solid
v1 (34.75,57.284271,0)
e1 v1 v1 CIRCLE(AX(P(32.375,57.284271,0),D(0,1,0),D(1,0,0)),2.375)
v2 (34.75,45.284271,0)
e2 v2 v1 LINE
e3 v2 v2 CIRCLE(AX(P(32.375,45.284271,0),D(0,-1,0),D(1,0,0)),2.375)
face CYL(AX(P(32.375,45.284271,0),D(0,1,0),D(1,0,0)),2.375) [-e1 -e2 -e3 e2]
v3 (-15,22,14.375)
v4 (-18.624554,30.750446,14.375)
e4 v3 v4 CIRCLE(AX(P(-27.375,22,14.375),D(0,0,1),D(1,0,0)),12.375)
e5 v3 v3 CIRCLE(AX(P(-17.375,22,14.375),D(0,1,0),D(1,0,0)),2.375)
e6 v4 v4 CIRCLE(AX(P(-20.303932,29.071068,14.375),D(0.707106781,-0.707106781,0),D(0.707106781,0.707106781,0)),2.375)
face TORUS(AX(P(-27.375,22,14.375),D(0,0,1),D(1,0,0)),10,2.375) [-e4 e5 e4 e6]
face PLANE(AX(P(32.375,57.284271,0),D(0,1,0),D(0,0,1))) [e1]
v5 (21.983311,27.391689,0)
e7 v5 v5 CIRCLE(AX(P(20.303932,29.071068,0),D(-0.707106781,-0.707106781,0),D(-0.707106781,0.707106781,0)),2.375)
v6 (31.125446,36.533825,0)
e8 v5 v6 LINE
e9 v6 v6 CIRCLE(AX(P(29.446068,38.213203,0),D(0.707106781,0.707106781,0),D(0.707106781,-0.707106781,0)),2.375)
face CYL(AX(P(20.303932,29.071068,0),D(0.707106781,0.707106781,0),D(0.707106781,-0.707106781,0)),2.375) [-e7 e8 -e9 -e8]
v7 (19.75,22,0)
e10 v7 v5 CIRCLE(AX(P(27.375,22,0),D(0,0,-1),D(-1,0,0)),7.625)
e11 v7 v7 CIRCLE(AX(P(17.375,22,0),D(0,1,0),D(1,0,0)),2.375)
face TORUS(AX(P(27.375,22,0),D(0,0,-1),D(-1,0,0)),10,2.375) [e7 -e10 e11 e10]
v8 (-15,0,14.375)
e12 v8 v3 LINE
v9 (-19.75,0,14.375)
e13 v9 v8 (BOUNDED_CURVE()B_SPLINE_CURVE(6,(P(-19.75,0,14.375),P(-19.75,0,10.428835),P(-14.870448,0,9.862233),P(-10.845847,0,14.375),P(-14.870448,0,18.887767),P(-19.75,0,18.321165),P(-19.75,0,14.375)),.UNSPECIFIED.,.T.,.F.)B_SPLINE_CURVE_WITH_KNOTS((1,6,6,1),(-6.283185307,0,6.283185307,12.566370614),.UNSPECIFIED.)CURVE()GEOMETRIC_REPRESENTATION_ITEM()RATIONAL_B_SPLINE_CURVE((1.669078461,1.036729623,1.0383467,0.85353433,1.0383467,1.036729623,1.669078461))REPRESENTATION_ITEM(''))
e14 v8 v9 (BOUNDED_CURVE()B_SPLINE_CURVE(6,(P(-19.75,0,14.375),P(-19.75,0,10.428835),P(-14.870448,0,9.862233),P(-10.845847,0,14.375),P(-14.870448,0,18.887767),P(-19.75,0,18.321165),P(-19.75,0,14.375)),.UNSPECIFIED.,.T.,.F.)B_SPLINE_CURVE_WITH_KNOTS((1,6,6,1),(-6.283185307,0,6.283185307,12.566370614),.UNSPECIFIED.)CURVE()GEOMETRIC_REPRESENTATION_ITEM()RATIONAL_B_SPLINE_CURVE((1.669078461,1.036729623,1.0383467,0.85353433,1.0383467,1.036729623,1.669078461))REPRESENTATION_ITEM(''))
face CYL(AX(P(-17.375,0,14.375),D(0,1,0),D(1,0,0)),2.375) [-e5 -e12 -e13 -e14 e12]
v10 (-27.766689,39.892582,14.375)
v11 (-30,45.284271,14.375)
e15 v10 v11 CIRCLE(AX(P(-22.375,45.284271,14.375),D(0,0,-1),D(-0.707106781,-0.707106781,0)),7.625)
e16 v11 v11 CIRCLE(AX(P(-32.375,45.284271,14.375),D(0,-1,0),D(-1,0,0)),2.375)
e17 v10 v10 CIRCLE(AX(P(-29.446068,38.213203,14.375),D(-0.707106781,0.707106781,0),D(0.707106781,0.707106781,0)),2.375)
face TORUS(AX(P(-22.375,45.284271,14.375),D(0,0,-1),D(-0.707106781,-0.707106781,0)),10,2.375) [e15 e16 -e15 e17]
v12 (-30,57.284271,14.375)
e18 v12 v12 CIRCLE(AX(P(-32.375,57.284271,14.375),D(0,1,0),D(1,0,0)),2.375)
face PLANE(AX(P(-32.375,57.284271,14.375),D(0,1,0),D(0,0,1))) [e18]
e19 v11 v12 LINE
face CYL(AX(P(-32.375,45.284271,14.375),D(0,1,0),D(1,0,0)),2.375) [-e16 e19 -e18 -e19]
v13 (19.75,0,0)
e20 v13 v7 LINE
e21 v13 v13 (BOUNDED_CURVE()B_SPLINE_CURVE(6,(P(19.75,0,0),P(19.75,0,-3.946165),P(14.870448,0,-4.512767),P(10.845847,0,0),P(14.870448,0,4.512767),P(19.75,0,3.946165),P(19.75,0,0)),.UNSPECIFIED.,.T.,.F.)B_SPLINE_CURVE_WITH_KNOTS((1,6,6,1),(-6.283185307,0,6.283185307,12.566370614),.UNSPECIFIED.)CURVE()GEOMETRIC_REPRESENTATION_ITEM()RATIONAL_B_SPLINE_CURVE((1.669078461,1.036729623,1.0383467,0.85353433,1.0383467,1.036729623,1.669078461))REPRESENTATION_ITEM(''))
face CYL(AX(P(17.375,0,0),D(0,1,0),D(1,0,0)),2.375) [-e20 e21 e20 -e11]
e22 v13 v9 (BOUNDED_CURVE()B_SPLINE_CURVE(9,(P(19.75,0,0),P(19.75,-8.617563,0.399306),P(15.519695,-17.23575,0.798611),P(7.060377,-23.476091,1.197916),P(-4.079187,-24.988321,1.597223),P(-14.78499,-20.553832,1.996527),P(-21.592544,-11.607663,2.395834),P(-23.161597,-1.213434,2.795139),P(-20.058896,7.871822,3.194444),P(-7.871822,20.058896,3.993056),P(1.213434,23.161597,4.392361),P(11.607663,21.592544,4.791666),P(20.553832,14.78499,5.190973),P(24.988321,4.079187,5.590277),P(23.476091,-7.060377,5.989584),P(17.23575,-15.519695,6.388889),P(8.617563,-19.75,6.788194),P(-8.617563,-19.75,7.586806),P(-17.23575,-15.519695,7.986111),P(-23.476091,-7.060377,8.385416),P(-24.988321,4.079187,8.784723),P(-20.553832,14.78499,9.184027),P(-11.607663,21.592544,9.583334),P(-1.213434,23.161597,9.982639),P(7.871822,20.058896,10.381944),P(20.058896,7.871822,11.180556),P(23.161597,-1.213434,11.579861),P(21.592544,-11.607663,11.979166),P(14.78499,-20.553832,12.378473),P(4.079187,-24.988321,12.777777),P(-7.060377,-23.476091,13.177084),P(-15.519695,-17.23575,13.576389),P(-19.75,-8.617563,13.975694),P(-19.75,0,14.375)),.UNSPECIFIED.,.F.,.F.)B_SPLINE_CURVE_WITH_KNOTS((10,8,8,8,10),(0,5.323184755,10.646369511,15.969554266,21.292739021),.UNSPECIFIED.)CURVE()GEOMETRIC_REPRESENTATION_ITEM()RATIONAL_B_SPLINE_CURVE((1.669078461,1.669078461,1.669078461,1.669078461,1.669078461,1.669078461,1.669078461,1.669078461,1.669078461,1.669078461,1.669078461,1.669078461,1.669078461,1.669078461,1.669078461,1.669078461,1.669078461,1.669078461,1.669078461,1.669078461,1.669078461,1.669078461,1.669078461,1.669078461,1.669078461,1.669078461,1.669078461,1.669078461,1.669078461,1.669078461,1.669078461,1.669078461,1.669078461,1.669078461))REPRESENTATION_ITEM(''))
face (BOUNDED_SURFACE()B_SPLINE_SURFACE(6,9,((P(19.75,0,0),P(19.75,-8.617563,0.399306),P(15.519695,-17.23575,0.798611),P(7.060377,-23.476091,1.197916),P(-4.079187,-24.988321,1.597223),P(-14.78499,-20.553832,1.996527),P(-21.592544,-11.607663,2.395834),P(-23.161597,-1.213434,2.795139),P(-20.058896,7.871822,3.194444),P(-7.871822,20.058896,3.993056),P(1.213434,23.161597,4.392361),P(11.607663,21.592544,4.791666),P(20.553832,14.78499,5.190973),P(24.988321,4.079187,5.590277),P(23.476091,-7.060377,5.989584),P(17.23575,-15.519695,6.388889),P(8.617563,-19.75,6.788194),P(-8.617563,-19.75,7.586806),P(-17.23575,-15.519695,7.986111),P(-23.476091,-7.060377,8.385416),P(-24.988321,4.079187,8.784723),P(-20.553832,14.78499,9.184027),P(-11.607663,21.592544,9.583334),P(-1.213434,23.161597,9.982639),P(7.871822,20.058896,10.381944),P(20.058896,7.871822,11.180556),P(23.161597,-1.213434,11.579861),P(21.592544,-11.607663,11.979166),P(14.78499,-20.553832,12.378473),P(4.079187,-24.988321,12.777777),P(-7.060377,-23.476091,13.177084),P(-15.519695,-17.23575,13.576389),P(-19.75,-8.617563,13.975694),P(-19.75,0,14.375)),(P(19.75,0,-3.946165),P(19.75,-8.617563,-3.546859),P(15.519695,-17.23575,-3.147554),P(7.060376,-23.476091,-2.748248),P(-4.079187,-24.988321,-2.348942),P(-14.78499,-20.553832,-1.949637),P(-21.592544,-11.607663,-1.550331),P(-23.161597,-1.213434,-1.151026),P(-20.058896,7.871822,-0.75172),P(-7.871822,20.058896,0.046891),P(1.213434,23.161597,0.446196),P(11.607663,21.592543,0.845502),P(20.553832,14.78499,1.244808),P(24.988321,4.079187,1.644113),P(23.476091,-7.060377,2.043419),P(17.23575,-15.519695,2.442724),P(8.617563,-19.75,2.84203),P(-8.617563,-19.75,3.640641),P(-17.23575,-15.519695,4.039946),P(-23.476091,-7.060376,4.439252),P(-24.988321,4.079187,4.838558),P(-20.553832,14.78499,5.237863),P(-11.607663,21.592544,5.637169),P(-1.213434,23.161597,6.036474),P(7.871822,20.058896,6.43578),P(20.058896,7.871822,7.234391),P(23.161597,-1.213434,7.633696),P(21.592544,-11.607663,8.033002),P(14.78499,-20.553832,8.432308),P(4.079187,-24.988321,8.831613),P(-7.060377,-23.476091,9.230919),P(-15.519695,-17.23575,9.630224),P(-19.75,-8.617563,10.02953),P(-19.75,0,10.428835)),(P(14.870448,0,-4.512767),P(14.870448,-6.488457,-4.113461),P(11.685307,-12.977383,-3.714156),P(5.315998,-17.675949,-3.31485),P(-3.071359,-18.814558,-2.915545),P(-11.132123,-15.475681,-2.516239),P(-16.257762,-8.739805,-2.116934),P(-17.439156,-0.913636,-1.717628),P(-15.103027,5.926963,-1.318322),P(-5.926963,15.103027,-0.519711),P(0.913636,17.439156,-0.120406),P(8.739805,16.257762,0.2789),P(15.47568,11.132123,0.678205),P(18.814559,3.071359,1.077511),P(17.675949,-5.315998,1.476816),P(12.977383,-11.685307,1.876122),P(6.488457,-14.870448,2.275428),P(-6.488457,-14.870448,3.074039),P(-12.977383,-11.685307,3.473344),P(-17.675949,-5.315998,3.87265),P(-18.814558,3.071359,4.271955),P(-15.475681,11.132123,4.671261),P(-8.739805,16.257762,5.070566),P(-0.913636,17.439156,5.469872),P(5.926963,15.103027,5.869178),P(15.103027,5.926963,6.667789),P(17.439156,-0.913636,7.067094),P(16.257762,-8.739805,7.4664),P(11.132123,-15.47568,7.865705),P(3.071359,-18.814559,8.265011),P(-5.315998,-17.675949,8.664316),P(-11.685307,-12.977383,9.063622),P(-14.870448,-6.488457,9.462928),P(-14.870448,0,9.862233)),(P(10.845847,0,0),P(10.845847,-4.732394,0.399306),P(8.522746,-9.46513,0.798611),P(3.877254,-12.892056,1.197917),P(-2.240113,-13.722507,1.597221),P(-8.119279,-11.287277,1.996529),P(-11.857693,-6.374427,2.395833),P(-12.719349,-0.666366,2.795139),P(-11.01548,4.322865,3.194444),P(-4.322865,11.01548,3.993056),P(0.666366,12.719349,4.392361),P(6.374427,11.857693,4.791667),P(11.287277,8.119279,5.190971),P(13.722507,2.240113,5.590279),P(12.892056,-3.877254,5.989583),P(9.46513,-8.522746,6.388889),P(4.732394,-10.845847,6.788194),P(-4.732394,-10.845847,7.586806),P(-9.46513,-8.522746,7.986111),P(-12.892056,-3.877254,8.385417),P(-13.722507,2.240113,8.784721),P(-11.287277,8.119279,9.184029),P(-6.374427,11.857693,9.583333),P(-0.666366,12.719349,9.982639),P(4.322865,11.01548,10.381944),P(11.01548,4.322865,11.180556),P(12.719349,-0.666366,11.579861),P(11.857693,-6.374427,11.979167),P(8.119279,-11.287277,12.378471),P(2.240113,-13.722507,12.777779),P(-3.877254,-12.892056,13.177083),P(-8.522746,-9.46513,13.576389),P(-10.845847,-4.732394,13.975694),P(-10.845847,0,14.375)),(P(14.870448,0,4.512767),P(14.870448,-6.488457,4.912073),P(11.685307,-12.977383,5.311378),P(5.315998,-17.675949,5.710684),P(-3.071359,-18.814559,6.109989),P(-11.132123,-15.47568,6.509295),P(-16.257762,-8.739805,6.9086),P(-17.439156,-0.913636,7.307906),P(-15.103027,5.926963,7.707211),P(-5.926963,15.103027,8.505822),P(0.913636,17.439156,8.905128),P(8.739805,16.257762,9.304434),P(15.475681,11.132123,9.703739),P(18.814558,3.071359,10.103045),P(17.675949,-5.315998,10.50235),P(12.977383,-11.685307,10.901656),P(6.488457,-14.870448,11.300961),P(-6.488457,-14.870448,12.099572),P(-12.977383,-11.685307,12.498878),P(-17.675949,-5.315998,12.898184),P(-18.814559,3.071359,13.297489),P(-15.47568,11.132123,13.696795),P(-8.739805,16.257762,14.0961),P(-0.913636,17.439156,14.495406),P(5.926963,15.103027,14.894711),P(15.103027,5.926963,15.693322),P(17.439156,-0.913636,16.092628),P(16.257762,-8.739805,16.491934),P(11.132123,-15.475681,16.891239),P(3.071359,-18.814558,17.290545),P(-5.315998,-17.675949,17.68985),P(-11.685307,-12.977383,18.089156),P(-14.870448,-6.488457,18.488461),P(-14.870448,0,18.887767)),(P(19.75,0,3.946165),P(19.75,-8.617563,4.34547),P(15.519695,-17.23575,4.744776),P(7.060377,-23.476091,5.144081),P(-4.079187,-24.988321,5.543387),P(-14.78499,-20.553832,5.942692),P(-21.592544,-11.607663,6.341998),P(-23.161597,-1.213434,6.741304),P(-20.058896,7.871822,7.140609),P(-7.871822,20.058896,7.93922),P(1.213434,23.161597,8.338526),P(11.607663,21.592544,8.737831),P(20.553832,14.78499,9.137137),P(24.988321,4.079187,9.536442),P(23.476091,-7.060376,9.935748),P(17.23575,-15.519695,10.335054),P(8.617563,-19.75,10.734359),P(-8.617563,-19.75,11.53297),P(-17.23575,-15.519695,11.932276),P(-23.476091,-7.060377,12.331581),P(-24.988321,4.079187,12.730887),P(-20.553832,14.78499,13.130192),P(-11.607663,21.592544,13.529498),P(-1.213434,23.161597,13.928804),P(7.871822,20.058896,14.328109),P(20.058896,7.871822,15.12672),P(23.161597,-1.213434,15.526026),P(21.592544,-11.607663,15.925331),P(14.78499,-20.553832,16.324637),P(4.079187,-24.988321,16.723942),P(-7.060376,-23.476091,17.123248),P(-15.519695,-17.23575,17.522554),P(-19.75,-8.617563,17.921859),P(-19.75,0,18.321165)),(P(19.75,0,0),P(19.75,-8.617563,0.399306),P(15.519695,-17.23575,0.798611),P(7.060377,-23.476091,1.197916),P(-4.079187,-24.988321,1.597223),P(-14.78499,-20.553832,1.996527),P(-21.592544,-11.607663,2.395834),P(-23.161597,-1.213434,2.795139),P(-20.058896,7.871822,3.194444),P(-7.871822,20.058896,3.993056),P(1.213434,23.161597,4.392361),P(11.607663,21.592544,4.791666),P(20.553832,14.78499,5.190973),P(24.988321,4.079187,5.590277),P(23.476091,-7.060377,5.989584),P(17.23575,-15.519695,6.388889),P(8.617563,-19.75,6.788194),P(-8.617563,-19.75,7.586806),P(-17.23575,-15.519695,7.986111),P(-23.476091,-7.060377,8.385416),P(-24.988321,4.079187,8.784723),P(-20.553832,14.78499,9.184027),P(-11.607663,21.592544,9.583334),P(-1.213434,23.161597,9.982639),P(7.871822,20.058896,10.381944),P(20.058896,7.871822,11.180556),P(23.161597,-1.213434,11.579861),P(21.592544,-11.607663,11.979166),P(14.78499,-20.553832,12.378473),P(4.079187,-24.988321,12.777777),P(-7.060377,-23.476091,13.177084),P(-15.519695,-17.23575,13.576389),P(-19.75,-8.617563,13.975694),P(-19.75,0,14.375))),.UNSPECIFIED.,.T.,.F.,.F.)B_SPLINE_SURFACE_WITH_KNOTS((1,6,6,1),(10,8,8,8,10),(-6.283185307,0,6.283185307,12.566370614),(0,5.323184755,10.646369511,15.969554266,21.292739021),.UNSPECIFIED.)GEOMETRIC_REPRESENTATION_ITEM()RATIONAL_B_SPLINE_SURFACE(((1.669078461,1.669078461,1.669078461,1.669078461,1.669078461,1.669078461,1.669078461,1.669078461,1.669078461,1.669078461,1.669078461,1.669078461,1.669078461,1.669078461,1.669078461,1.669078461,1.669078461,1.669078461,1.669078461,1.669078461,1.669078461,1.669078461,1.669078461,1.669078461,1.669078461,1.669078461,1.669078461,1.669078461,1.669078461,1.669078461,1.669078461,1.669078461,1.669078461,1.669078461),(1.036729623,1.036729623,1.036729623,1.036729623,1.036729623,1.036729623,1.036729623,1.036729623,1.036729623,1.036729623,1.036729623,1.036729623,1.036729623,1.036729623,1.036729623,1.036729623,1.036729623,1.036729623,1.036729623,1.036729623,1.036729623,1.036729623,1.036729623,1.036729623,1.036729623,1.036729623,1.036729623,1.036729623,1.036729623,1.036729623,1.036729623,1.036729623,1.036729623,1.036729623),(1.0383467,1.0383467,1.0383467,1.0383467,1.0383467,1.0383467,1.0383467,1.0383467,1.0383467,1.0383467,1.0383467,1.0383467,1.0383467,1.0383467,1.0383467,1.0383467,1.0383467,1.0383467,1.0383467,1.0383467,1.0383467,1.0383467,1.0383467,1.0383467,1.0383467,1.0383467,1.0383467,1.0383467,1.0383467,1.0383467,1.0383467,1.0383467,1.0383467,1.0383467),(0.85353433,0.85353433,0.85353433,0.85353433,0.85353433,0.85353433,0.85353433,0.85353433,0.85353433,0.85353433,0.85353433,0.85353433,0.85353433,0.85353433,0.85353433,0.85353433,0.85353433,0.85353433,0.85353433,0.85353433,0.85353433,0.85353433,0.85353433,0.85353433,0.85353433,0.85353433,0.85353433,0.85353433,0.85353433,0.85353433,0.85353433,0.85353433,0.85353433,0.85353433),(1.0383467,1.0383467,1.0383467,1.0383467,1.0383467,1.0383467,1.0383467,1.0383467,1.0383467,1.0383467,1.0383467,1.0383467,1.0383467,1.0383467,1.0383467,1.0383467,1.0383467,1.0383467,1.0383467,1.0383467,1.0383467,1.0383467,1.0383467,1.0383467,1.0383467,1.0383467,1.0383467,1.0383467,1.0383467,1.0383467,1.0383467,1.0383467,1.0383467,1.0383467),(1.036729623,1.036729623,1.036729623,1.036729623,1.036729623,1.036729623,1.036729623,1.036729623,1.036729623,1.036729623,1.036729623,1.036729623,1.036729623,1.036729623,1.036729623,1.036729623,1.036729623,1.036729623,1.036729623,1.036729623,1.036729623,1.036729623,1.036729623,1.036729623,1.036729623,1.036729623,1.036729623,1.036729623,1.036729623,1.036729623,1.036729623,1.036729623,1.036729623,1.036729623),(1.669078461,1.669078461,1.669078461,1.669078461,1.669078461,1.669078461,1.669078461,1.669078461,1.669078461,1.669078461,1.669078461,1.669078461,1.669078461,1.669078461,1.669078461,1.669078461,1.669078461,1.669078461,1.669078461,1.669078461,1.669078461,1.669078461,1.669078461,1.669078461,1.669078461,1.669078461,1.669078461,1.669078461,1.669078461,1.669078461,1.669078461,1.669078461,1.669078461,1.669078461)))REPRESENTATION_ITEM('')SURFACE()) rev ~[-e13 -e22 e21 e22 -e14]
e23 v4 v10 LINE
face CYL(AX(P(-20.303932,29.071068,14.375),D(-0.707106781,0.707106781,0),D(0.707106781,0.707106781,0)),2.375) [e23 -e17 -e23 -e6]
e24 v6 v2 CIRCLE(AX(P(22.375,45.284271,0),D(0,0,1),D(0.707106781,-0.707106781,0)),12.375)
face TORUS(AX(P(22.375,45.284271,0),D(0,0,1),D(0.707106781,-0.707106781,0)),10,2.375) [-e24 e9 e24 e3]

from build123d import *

# Parameters (mm, degrees)
VARREDURA1_PITCH  = 5.75
VARREDURA1_HEIGHT = 14.375
VARREDURA1_RADIUS = 17.375
ESBO_O2_R         = 2.375
ESBO_O2_7_R       = 2.375
ESBO_O3_R         = 2.375


with BuildPart() as part:
    # Varredura1: sweep along a helix
    with BuildLine() as varredura1_path:
        Helix(VARREDURA1_PITCH, VARREDURA1_HEIGHT, VARREDURA1_RADIUS, center=(0, 0, 0), direction=(0, 0, 1), lefthand=True)
    # Esboço2 → Varredura1 (sweep)
    with BuildSketch(Plane(origin=(0, 0, 0), x_dir=(1, 0, 0), z_dir=(0, 1, 0))):
        with Locations((17.375, 0)):
            Circle(ESBO_O2_R)
    sweep(path=varredura1_path.line, is_frenet=True)

    # Varredura2: sweep along a path in Esboço8
    with BuildLine(Plane.XY) as varredura2_path:
        Line((17.375, 0), (17.375, 22))
        ThreePointArc((17.375, 22), (18.136204675, 25.826834324), (20.303932188, 29.071067812))
        Line((20.303932188, 29.071067812), (29.446067812, 38.213203436))
        ThreePointArc((29.446067812, 38.213203436), (31.613795325, 41.457436924), (32.375, 45.284271247))
        Line((32.375, 45.284271247), (32.375, 57.284271247))
    # Esboço2<7> → Varredura2 (sweep)
    with BuildSketch(Plane(origin=(0, 0, 0), x_dir=(1, 0, 0), z_dir=(0, 1, 0))):
        with Locations((17.375, 0)):
            Circle(ESBO_O2_7_R)
    sweep(path=varredura2_path.line)

    # Varredura3: sweep along a path in Esboço5
    with BuildLine(Plane.XY.offset(14.375)) as varredura3_path:
        Line((-17.375, 0), (-17.375, 22))
        ThreePointArc((-17.375, 22), (-18.136204675, 25.826834324), (-20.303932188, 29.071067812))
        Line((-20.303932188, 29.071067812), (-29.446067812, 38.213203436))
        ThreePointArc((-29.446067812, 38.213203436), (-31.613795325, 41.457436924), (-32.375, 45.284271247))
        Line((-32.375, 45.284271247), (-32.375, 57.284271247))
    # Esboço3 → Varredura3 (sweep)
    with BuildSketch(Plane(origin=(0, 0, 0), x_dir=(1, 0, 0), z_dir=(0, 1, 0))):
        with Locations((-17.375, -14.375)):
            Circle(ESBO_O3_R)
    sweep(path=varredura3_path.line)


solid = part.part
